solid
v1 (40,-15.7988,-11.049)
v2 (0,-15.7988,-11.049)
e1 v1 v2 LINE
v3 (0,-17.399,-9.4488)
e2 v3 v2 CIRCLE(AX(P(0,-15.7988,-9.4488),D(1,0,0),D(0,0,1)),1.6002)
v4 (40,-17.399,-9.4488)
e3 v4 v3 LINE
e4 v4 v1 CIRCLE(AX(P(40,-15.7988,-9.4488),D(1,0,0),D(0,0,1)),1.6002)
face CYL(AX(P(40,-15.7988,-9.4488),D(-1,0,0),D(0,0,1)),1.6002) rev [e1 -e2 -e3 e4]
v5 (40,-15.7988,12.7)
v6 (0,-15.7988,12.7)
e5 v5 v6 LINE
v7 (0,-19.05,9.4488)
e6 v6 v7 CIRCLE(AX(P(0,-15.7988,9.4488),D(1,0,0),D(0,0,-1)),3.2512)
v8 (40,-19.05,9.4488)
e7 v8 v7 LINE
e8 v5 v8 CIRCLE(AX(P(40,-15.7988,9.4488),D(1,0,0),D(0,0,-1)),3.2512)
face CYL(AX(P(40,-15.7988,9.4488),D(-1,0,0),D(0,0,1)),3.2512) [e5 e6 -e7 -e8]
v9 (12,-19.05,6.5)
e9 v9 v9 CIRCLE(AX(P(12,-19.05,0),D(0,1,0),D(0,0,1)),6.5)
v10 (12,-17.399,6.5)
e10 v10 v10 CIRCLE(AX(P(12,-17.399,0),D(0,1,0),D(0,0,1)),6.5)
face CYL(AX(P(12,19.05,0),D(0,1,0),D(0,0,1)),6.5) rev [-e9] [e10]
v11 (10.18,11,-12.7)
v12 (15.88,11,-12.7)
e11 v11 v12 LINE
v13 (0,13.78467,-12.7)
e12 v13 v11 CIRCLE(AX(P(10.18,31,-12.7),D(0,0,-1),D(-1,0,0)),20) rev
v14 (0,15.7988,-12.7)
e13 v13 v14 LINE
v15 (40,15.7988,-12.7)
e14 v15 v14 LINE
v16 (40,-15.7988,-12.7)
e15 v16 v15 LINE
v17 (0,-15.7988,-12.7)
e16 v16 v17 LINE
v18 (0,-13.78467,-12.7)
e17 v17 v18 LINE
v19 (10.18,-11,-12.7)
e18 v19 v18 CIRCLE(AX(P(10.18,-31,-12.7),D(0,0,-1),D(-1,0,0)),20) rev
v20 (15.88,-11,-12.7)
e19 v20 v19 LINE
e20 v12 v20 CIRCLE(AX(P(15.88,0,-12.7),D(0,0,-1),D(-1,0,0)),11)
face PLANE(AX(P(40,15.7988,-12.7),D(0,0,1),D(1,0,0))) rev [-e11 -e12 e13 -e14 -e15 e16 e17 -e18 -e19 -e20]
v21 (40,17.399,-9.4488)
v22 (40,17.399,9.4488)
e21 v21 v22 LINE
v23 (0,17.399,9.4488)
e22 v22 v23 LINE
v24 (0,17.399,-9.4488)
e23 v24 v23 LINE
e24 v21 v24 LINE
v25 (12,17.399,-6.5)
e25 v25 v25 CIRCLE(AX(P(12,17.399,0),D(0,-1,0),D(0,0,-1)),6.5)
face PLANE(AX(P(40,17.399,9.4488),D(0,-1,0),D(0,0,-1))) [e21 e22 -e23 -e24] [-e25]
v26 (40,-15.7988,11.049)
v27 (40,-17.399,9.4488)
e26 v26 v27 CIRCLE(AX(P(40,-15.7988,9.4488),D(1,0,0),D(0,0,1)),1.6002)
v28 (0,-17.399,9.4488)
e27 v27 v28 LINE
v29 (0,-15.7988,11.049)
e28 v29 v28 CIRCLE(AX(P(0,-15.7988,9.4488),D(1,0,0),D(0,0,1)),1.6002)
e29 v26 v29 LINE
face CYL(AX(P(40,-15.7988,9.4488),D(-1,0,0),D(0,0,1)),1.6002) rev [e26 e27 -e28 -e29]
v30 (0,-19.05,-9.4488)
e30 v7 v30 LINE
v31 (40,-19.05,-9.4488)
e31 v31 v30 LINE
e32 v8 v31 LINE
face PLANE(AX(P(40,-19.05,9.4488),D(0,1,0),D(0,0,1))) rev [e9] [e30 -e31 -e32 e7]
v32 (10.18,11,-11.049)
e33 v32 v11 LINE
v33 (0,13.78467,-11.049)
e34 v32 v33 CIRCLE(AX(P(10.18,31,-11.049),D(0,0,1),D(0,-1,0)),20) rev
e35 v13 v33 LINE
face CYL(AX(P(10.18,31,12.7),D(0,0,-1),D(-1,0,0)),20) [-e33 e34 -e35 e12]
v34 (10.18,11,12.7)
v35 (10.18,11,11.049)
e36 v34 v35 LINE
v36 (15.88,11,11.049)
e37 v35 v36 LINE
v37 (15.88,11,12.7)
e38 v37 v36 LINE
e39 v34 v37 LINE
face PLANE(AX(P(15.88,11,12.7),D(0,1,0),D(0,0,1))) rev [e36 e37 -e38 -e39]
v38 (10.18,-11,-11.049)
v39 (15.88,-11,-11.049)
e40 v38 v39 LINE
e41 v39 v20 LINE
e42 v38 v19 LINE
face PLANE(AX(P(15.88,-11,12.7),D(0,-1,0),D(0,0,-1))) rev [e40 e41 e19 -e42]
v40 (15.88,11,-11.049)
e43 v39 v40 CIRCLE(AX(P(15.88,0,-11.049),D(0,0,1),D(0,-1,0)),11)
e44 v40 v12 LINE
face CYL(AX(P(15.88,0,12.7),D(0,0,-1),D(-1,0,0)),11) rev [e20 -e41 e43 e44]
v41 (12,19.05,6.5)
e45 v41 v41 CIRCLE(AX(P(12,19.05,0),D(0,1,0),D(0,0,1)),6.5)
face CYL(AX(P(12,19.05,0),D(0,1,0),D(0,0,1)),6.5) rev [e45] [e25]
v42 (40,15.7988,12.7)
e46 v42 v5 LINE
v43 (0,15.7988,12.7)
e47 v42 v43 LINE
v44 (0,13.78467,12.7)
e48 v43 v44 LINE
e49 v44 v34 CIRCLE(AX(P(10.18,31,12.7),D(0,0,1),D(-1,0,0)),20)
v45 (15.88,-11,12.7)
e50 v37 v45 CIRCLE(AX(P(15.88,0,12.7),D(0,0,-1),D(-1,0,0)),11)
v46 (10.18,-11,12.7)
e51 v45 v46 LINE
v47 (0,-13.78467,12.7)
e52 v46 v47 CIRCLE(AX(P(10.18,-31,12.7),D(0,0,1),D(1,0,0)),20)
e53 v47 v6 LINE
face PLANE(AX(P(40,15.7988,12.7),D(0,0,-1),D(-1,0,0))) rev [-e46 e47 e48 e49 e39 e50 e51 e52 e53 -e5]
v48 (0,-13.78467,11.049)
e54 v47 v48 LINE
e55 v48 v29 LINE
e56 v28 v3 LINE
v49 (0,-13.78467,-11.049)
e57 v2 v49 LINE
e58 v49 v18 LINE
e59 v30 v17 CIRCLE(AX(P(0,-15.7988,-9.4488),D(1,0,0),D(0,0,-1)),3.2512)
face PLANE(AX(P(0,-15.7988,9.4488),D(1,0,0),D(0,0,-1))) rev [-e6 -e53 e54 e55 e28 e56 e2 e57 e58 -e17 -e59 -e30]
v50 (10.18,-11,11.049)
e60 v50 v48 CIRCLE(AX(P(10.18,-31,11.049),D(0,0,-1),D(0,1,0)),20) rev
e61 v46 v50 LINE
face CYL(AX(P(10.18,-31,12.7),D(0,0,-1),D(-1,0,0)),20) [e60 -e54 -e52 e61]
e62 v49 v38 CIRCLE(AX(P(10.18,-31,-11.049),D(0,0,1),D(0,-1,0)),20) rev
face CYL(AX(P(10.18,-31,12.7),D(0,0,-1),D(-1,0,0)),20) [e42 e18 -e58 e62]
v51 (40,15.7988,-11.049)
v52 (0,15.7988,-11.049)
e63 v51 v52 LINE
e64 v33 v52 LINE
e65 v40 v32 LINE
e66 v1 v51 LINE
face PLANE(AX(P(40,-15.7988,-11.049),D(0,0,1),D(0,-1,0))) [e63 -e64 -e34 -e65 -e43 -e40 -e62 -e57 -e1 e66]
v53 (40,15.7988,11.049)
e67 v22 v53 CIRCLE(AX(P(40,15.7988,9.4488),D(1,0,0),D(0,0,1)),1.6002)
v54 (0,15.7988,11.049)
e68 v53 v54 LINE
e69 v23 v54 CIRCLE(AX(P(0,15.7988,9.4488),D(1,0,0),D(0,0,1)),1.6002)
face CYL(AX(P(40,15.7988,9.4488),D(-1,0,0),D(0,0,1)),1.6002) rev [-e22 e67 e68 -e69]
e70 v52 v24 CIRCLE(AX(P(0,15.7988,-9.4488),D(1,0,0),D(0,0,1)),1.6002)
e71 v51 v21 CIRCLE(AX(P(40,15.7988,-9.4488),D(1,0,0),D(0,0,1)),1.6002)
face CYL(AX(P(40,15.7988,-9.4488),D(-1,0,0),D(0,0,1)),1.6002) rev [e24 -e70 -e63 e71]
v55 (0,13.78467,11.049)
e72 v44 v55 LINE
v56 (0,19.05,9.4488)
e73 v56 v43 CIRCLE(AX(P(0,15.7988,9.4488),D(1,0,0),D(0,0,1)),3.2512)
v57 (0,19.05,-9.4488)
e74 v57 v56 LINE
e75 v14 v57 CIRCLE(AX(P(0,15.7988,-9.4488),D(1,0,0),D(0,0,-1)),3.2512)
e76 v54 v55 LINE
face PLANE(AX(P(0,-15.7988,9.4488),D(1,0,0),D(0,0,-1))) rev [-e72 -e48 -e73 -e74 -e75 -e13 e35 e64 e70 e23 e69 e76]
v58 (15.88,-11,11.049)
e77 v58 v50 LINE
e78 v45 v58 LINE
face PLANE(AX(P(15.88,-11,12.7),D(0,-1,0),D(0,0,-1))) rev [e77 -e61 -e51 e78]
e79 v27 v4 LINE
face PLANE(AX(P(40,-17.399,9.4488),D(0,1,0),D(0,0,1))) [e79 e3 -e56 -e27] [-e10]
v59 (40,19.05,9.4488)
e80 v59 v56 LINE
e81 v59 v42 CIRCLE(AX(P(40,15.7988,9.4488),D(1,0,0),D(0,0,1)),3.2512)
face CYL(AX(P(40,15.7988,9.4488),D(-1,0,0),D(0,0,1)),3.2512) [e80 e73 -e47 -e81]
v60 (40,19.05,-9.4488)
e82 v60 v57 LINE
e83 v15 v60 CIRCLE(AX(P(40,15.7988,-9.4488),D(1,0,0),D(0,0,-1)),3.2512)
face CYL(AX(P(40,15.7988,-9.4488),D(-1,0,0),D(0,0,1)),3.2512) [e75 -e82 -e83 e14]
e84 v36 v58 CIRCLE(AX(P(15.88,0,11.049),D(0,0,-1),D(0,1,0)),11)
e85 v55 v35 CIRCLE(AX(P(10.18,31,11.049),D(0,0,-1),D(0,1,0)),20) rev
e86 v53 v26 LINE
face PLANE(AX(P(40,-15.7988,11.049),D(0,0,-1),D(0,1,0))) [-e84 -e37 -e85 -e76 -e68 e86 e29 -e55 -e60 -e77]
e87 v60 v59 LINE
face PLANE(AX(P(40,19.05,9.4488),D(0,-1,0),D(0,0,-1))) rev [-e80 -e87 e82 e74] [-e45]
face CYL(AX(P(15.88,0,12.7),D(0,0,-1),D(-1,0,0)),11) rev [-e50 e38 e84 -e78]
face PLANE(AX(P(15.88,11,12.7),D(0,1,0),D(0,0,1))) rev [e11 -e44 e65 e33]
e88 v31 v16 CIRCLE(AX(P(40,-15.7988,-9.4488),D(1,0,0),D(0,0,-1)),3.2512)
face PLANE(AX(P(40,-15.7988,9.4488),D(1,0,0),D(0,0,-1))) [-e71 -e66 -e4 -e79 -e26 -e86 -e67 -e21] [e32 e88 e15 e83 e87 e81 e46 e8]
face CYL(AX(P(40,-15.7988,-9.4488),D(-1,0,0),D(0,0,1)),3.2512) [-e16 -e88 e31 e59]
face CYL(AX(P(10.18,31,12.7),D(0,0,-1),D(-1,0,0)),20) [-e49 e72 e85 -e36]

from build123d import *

# Parameters (mm, degrees)
FSAE_CHASSIS_1_5_X_1_INCH_RECT_1_DEPTH = 40
CUT_EXTRUDE1_DEPTH                     = 52.069193258
CUT_EXTRUDE1_DEPTH_BACK                = 52.069193258
F_13_0_13_DIAMETER_HOLE2_D             = 13


with BuildPart() as part:
    # Sketch15 → Fsae chassis 1_5 X 1 INCH RECT(1) (new body)
    with BuildSketch(Plane(origin=(0, 0, 0), x_dir=(0, 0, -1), z_dir=(1, 0, 0))):
        with BuildLine():
            Line((-9.4488, 19.05), (9.4488, 19.05))
            ThreePointArc((9.4488, 19.05), (11.747745567, 18.097745567), (12.7, 15.7988))
            Line((12.7, 15.7988), (12.7, -15.7988))
            ThreePointArc((12.7, -15.7988), (11.747745567, -18.097745567), (9.4488, -19.05))
            Line((9.4488, -19.05), (-9.4488, -19.05))
            ThreePointArc((-9.4488, -19.05), (-11.747745567, -18.097745567), (-12.7, -15.7988))
            Line((-12.7, -15.7988), (-12.7, 15.7988))
            ThreePointArc((-12.7, 15.7988), (-11.747745567, 18.097745567), (-9.4488, 19.05))
        make_face()
        with BuildLine():
            Line((-9.4488, -17.399), (9.4488, -17.399))
            ThreePointArc((9.4488, -17.399), (10.580312271, -16.930312271), (11.049, -15.7988))
            Line((11.049, -15.7988), (11.049, 15.7988))
            ThreePointArc((11.049, 15.7988), (10.580312271, 16.930312271), (9.4488, 17.399))
            Line((9.4488, 17.399), (-9.4488, 17.399))
            ThreePointArc((-9.4488, 17.399), (-10.580312271, 16.930312271), (-11.049, 15.7988))
            Line((-11.049, 15.7988), (-11.049, -15.7988))
            ThreePointArc((-11.049, -15.7988), (-10.580312271, -16.930312271), (-9.4488, -17.399))
        make_face(mode=Mode.SUBTRACT)
    extrude(amount=FSAE_CHASSIS_1_5_X_1_INCH_RECT_1_DEPTH)

    # Sketch16 → Cut-Extrude1 (cut, two sides: drawn at the far end of the back side and taken through both)
    with BuildSketch(Plane(origin=(0, 0, -12.7), x_dir=(-1, 0, 0), z_dir=(0, 0, -1)).offset(-CUT_EXTRUDE1_DEPTH_BACK)):
        with BuildLine():
            Line((-15.88, 11), (-10.18, 11))
            ThreePointArc((-10.18, 11), (-4.903003105, 11.708724672), (0, 13.784669623))
            Line((0, 13.784669623), (0, -13.784669623))
            ThreePointArc((0, -13.784669623), (-4.903003105, -11.708724672), (-10.18, -11))
            Line((-10.18, -11), (-15.88, -11))
            ThreePointArc((-15.88, -11), (-26.88, 0), (-15.88, 11))
        make_face()
    extrude(amount=CUT_EXTRUDE1_DEPTH + CUT_EXTRUDE1_DEPTH_BACK, mode=Mode.SUBTRACT)

    # Ø13.0 (13) Diameter Hole2 (through all)
    with Locations(Plane(origin=(0, 19.05, 0), x_dir=(1, 0, 0), z_dir=(0, 1, 0))):
        with Locations((12, 0)):
            Hole(F_13_0_13_DIAMETER_HOLE2_D / 2)


solid = part.part
